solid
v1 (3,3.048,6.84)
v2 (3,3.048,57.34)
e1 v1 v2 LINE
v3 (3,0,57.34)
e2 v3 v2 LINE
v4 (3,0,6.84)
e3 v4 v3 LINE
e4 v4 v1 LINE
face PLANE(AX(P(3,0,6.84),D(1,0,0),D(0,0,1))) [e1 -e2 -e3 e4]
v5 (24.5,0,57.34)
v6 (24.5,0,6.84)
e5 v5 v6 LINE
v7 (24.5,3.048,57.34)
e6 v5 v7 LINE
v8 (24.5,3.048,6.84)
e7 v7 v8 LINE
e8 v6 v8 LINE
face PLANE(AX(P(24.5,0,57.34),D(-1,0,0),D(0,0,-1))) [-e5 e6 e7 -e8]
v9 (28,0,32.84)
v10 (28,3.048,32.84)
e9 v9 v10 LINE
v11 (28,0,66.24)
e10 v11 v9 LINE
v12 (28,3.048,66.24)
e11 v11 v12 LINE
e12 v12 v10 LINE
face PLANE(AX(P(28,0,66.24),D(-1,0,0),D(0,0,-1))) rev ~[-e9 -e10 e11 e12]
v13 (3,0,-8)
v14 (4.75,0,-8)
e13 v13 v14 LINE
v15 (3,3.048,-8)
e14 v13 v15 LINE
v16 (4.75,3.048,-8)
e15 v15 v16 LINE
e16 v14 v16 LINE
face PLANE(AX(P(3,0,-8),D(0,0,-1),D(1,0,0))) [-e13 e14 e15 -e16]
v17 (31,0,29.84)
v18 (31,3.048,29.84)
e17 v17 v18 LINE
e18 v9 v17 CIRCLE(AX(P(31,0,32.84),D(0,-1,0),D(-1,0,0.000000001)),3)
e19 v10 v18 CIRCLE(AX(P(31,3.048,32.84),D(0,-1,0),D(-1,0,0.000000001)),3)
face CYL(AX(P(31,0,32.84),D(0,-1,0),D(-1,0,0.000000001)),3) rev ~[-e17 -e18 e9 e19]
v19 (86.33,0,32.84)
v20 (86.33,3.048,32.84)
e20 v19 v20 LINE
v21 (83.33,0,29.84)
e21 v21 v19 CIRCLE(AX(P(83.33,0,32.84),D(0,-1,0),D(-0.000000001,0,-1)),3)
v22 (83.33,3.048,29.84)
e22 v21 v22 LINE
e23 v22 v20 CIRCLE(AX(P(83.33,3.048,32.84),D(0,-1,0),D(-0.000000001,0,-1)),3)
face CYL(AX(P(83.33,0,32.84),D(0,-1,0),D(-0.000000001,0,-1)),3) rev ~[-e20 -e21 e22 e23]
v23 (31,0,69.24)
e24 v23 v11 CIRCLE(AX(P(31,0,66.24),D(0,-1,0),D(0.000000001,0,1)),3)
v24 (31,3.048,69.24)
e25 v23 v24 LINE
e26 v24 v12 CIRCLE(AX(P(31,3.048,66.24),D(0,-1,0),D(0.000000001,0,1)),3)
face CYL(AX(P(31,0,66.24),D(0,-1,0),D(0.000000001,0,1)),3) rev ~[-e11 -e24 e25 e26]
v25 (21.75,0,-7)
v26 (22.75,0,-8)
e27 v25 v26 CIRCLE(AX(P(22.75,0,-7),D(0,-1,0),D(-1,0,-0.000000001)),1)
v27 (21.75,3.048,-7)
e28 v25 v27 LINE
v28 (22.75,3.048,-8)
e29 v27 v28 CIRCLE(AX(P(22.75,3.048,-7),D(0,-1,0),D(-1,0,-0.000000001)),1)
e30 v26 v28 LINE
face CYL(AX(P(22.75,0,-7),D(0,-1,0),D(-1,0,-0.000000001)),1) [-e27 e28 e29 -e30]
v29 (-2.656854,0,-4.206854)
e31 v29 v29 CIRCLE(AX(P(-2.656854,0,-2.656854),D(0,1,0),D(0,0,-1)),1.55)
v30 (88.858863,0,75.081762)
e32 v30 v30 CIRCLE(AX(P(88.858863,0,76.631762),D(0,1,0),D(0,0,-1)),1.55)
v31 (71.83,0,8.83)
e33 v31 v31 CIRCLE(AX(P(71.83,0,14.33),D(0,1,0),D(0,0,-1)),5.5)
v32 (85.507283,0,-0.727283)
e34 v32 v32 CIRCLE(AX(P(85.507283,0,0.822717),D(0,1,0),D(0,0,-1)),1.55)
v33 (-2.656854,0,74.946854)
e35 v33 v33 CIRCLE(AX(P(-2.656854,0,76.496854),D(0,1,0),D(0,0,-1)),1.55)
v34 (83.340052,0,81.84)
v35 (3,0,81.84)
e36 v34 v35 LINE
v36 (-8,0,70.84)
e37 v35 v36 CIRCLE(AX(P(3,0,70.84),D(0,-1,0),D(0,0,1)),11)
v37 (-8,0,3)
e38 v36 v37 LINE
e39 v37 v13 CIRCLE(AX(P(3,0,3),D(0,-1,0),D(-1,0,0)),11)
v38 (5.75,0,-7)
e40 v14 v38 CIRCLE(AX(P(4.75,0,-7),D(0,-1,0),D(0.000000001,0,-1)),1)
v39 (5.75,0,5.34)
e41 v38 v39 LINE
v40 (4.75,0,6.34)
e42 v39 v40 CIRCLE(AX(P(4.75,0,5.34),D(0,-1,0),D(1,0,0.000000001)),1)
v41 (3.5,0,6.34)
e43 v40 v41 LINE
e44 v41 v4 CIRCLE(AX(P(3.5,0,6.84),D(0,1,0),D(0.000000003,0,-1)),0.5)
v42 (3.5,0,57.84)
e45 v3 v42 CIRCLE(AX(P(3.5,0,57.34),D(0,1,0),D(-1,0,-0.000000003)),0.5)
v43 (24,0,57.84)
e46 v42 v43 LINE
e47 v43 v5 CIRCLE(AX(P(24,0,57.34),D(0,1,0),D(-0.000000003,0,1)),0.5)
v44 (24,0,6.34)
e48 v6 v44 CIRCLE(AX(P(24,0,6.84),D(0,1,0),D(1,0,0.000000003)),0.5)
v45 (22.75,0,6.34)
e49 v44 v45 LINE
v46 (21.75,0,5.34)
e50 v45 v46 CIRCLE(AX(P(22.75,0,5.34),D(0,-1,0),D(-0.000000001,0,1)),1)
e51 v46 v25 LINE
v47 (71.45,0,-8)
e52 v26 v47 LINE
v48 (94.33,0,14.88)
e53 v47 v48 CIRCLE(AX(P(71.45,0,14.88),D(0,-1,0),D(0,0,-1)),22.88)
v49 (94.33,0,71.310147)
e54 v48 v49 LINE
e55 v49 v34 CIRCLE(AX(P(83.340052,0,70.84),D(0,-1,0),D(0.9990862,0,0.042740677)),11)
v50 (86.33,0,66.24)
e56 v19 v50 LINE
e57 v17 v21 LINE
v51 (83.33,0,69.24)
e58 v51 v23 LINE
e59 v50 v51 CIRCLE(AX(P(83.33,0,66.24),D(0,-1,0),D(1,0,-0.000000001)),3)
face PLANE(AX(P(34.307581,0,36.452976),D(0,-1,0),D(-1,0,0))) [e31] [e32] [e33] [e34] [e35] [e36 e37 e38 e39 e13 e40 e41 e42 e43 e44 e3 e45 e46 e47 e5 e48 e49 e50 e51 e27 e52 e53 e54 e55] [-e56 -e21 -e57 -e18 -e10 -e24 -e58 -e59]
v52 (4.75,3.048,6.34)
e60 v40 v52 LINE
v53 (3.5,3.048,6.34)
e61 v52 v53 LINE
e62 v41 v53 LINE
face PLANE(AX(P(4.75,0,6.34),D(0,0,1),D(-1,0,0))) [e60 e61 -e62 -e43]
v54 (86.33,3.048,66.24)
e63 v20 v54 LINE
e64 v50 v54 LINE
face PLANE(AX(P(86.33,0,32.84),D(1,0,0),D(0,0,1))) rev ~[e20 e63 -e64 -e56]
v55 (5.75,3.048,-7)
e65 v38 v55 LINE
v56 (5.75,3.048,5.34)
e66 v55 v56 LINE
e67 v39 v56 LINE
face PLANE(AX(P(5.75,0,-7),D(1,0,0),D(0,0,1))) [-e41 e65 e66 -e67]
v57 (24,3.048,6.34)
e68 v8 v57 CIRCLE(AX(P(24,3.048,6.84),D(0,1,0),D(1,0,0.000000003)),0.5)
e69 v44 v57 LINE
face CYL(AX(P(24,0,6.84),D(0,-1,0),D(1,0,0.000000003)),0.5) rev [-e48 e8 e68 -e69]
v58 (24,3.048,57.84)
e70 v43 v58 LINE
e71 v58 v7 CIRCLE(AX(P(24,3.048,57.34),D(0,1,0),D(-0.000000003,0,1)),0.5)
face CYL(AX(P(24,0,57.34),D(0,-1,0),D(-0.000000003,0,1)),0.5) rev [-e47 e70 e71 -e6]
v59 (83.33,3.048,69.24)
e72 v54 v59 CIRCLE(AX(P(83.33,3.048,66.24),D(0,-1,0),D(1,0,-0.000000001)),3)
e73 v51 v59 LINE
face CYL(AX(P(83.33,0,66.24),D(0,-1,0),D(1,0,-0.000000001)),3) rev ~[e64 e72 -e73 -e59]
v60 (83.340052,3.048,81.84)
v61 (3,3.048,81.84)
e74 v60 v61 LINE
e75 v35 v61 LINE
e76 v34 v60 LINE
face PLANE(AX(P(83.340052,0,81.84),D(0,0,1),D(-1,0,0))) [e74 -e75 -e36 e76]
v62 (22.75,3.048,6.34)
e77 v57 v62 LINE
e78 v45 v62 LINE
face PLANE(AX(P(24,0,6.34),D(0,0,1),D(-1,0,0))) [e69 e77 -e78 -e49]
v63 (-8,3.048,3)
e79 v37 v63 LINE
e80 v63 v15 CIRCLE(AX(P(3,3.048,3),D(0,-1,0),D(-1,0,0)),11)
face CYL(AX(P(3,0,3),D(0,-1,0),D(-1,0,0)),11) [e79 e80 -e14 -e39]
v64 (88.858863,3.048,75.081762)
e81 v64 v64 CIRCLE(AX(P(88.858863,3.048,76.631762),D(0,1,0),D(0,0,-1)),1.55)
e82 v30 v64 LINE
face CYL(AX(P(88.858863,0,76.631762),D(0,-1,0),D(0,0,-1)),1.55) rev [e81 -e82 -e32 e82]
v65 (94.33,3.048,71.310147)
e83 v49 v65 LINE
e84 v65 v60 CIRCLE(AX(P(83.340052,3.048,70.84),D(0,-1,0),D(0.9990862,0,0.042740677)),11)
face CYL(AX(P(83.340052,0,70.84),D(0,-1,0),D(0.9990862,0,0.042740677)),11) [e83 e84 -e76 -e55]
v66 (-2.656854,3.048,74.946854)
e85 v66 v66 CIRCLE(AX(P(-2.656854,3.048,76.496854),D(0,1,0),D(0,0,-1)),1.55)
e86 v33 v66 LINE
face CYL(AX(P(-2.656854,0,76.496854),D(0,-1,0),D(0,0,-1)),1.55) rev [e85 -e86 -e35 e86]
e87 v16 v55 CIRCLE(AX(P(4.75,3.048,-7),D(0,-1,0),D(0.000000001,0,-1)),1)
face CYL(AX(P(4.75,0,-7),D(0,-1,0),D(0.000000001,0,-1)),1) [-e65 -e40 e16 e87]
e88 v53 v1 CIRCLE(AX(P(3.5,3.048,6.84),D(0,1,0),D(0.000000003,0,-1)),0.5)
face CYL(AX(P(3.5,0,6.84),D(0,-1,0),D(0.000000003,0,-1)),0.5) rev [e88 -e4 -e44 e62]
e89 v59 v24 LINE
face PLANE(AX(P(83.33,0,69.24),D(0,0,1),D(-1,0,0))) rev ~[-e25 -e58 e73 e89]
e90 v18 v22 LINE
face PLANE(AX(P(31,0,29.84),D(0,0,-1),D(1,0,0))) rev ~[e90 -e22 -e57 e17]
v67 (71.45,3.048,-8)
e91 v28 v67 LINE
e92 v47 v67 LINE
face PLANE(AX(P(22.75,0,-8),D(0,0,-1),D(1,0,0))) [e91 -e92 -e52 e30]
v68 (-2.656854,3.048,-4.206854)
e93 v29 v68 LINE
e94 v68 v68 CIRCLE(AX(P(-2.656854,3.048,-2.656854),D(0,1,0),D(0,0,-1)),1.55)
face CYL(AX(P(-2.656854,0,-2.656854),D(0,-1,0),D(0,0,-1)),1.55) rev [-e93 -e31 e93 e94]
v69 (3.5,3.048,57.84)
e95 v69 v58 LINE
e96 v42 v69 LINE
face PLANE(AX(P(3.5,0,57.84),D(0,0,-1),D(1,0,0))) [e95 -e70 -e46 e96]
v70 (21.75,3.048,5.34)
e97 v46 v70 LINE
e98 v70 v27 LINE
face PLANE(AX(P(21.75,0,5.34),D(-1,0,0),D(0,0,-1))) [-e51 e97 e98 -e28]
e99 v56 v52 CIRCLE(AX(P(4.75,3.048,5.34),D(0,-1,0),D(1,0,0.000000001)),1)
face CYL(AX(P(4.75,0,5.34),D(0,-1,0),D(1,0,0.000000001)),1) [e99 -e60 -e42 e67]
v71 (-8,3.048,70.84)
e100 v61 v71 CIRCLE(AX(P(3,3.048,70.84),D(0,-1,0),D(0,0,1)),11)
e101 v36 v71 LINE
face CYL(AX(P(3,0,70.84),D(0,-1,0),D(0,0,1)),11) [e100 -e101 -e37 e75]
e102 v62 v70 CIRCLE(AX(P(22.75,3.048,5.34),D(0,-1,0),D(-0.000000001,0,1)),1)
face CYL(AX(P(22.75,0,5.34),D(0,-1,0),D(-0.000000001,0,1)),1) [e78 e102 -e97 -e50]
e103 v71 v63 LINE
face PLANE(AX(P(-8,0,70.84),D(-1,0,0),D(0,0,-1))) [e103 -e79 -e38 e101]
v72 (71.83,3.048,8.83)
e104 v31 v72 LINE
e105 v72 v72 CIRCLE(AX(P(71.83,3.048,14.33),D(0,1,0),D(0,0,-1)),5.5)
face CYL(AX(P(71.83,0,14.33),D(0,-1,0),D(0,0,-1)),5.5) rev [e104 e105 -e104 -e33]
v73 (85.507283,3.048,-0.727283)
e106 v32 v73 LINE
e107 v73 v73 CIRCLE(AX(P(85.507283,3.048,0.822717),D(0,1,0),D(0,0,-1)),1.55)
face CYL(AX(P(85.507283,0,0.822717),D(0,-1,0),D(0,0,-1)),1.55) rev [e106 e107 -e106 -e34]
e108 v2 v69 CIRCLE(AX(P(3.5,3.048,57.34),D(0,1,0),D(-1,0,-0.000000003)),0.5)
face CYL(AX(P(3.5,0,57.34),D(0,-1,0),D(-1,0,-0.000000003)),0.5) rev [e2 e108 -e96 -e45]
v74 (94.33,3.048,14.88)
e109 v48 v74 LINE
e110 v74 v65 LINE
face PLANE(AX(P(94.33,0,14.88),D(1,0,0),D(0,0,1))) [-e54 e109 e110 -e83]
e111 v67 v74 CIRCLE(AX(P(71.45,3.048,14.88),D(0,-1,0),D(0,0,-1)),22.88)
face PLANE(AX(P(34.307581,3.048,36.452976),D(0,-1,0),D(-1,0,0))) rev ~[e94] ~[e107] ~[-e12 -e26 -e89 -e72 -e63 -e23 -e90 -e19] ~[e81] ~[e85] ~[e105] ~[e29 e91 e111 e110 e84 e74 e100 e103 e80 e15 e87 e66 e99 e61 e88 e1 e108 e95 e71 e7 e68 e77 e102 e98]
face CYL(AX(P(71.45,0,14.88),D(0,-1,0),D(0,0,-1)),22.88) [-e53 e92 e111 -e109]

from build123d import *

# Parameters (mm, degrees)
SKETCH2_R           = 5.5
SKETCH2_R_2         = 1.55
BOSS_EXTRUDE1_DEPTH = 3.048


with BuildPart() as part:
    # Sketch2 → Boss-Extrude1 (new body)
    with BuildSketch(Plane(origin=(0, 0, 0), x_dir=(1, 0, 0), z_dir=(0, 1, 0))):
        with BuildLine():
            Line((3, -6.84), (3, -57.34))
            ThreePointArc((3, -57.34), (3.146446609, -57.693553391), (3.5, -57.84))
            Line((3.5, -57.84), (24, -57.84))
            ThreePointArc((24, -57.84), (24.353553391, -57.693553391), (24.5, -57.34))
            Line((24.5, -57.34), (24.5, -6.84))
            ThreePointArc((24.5, -6.84), (24.353553391, -6.486446609), (24, -6.34))
            Line((24, -6.34), (22.75, -6.34))
            ThreePointArc((22.75, -6.34), (22.042893219, -6.047106781), (21.75, -5.34))
            Line((21.75, -5.34), (21.75, 7))
            ThreePointArc((21.75, 7), (22.042893219, 7.707106781), (22.75, 8))
            Line((22.75, 8), (71.45, 8))
            ThreePointArc((71.45, 8), (87.628603154, 1.298603154), (94.33, -14.88))
            Line((94.33, -14.88), (94.33, -71.310147445))
            ThreePointArc((94.33, -71.310147445), (90.950189058, -78.782657675), (83.340051803, -81.84))
            Line((83.340051803, -81.84), (3, -81.84))
            ThreePointArc((3, -81.84), (-4.778174593, -78.618174593), (-8, -70.84))
            Line((-8, -70.84), (-8, -3))
            ThreePointArc((-8, -3), (-4.778174593, 4.778174593), (3, 8))
            Line((3, 8), (4.75, 8))
            ThreePointArc((4.75, 8), (5.457106781, 7.707106781), (5.75, 7))
            Line((5.75, 7), (5.75, -5.34))
            ThreePointArc((5.75, -5.34), (5.457106781, -6.047106781), (4.75, -6.34))
            Line((4.75, -6.34), (3.5, -6.34))
            ThreePointArc((3.5, -6.34), (3.146446609, -6.486446609), (3, -6.84))
        make_face()
        with Locations(Location((71.83, -14.33, 0), (0, 0, 90))):
            Circle(SKETCH2_R, mode=Mode.SUBTRACT)
        with Locations(Location((-2.656854249, 2.656854249, 0), (0, 0, 90))):
            Circle(SKETCH2_R_2, mode=Mode.SUBTRACT)
        with Locations(Location((85.50728281, -0.82271719, 0), (0, 0, 90))):
            Circle(SKETCH2_R_2, mode=Mode.SUBTRACT)
        with Locations(Location((88.858862501, -76.631761762, 0), (0, 0, 90))):
            Circle(SKETCH2_R_2, mode=Mode.SUBTRACT)
        with Locations(Location((-2.656854249, -76.496854249, 0), (0, 0, 90))):
            Circle(SKETCH2_R_2, mode=Mode.SUBTRACT)
        with BuildLine():
            Line((28, -66.24), (28, -32.84))
            ThreePointArc((28, -32.84), (28.878679656, -30.718679656), (31, -29.84))
            Line((31, -29.84), (83.33, -29.84))
            ThreePointArc((83.33, -29.84), (85.451320344, -30.718679656), (86.33, -32.84))
            Line((86.33, -32.84), (86.33, -66.24))
            ThreePointArc((86.33, -66.24), (85.451320344, -68.361320344), (83.33, -69.24))
            Line((83.33, -69.24), (31, -69.24))
            ThreePointArc((31, -69.24), (28.878679656, -68.361320344), (28, -66.24))
        make_face(mode=Mode.SUBTRACT)
    extrude(amount=BOSS_EXTRUDE1_DEPTH)


solid = part.part
